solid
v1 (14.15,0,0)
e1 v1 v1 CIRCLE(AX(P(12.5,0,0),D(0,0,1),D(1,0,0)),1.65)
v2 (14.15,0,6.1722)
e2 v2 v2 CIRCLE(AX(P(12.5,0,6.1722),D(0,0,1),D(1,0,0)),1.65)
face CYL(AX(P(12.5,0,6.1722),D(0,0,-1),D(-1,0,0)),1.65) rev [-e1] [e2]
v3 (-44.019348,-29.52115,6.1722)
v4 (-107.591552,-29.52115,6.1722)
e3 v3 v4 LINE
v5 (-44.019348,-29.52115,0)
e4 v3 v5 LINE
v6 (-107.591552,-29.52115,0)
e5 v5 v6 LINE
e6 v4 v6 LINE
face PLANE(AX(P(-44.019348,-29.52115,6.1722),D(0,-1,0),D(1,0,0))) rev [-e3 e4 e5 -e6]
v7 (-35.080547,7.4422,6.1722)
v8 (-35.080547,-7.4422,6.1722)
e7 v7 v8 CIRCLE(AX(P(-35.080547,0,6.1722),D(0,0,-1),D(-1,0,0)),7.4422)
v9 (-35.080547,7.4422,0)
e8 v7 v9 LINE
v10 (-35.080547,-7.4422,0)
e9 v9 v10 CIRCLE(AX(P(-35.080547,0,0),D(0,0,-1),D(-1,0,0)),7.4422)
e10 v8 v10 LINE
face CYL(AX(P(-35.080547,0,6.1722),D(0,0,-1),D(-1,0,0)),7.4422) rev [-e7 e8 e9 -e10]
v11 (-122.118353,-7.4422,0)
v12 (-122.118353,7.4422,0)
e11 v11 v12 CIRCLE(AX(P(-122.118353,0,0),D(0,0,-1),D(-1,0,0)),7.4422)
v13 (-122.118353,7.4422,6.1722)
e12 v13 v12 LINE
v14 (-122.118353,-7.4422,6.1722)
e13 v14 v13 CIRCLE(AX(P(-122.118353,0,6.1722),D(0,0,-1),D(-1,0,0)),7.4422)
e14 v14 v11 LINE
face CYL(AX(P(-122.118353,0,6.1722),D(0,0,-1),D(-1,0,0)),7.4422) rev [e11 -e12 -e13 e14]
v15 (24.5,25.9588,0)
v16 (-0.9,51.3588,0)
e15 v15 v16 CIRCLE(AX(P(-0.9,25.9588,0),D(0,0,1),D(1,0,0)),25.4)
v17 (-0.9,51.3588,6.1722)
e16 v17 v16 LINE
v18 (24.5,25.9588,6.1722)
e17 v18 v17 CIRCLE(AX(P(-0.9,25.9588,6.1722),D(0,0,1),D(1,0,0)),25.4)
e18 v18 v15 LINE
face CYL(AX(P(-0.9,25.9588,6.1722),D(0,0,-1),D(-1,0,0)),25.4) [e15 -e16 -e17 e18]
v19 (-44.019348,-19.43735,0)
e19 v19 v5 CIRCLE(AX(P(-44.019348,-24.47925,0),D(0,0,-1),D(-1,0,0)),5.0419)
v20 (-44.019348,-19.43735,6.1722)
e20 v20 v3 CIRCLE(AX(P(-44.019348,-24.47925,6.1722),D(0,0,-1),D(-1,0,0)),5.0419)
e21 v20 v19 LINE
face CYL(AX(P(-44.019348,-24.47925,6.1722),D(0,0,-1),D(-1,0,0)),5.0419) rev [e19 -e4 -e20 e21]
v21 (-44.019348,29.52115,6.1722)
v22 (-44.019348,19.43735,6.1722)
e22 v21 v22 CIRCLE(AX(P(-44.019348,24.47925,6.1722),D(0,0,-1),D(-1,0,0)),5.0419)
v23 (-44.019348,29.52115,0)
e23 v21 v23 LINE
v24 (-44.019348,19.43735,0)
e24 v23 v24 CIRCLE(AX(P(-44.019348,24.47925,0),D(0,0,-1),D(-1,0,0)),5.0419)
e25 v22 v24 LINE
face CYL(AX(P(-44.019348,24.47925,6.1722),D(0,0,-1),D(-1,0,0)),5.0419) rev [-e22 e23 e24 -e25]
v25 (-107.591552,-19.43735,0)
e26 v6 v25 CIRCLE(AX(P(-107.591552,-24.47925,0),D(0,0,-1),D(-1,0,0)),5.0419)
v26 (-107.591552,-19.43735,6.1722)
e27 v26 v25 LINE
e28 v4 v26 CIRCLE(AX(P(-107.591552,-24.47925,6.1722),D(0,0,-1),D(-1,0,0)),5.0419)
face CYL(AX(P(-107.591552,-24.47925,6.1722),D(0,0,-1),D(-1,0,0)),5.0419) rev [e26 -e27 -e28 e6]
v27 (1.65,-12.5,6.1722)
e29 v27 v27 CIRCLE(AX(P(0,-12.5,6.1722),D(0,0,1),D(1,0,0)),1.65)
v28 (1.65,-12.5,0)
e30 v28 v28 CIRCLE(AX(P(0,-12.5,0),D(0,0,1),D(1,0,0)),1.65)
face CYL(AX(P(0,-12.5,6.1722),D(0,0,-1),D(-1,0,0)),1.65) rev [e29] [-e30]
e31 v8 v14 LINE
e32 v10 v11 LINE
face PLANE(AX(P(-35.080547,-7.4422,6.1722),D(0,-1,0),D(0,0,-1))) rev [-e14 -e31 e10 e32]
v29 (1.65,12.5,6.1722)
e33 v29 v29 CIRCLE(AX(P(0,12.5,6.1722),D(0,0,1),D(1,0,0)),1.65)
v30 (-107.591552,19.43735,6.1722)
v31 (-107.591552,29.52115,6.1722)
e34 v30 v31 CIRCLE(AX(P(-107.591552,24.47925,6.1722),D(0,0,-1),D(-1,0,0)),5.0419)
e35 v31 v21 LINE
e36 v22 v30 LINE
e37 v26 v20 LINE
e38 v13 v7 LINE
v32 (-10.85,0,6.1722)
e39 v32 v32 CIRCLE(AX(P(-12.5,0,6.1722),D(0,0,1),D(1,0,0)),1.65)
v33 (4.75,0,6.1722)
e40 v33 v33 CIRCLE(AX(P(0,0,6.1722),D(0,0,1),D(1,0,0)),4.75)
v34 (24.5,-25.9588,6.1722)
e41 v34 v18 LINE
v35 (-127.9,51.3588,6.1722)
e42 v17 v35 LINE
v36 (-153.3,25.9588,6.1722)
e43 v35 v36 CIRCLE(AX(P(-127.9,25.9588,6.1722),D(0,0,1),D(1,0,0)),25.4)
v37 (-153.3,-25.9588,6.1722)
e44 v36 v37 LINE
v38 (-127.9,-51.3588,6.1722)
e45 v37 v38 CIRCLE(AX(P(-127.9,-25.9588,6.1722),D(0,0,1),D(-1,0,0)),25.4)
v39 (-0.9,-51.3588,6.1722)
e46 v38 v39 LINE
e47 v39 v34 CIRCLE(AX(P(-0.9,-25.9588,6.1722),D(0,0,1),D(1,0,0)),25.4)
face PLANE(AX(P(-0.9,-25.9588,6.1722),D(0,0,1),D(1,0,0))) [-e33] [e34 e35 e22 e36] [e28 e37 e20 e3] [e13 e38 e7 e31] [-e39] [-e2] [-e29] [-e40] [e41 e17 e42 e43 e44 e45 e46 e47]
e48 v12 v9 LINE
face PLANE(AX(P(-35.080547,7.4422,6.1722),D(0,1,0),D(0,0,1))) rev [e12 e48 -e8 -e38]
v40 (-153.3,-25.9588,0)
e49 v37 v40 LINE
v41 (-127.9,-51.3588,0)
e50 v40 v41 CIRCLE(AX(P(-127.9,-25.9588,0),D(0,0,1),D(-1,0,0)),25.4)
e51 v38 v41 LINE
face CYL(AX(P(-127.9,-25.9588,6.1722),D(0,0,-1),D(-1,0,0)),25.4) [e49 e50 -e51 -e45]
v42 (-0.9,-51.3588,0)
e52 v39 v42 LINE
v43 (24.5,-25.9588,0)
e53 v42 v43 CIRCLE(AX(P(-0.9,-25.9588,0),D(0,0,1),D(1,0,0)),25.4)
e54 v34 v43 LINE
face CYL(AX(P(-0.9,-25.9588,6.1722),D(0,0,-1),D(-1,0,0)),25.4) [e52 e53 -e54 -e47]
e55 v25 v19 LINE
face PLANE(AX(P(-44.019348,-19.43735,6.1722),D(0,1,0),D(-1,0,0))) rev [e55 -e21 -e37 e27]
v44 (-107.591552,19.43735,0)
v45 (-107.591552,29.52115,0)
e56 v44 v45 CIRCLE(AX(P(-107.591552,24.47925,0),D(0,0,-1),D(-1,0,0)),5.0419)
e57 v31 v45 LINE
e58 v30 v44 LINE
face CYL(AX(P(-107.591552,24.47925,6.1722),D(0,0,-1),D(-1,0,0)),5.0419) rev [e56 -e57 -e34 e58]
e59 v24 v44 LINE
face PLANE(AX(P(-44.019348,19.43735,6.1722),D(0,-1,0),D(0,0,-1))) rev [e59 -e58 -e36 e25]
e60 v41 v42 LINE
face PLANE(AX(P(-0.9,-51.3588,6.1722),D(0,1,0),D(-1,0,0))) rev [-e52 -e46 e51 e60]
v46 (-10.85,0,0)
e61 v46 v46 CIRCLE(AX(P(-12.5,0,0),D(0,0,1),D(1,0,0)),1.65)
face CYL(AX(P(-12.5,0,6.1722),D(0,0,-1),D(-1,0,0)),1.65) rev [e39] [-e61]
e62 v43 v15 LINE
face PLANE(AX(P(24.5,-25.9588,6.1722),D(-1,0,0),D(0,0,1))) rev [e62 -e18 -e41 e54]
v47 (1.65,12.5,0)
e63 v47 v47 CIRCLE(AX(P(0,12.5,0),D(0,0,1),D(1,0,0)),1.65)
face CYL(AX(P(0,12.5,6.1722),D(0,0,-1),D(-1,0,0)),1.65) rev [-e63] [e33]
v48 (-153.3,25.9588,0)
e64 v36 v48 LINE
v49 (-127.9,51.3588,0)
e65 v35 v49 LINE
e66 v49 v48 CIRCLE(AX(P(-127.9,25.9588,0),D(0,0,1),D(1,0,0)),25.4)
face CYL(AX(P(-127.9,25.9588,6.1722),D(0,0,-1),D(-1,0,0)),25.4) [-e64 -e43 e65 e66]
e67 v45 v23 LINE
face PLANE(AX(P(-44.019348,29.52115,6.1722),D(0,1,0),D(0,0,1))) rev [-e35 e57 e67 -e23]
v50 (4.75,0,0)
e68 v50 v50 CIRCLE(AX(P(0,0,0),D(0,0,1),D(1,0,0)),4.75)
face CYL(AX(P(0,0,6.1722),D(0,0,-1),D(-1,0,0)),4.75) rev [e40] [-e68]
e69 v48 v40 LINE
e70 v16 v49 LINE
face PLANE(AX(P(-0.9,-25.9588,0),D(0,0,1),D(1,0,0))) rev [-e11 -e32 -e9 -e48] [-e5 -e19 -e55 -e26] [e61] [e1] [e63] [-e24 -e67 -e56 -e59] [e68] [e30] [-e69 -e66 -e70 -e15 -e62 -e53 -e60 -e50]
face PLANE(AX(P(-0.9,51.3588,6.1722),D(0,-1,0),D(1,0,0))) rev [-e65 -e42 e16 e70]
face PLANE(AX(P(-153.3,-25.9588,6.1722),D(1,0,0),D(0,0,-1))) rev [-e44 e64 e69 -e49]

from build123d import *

# Parameters (mm, degrees)
SKETCH1_R           = 1.65
SKETCH1_R_2         = 4.75
BOSS_EXTRUDE1_DEPTH = 6.1722
CUT_EXTRUDE1_DEPTH  = 162.792188904


with BuildPart() as part:
    # Sketch1 → Boss-Extrude1 (new body)
    with BuildSketch(Plane.XY):
        with BuildLine():
            Line((-0.9, -51.3588), (-127.9, -51.3588))
            ThreePointArc((-127.9, -51.3588), (-145.860512242, -43.919312242), (-153.3, -25.9588))
            Line((-153.3, -25.9588), (-153.3, 25.9588))
            ThreePointArc((-153.3, 25.9588), (-145.860512242, 43.919312242), (-127.9, 51.3588))
            Line((-127.9, 51.3588), (-0.9, 51.3588))
            ThreePointArc((-0.9, 51.3588), (17.060512242, 43.919312242), (24.5, 25.9588))
            Line((24.5, 25.9588), (24.5, -25.9588))
            ThreePointArc((24.5, -25.9588), (17.060512242, -43.919312242), (-0.9, -51.3588))
        make_face()
        with Locations((12.5, 0)):
            Circle(SKETCH1_R, mode=Mode.SUBTRACT)
        with Locations((0, -12.5)):
            Circle(SKETCH1_R, mode=Mode.SUBTRACT)
        with Locations((-12.5, 0)):
            Circle(SKETCH1_R, mode=Mode.SUBTRACT)
        with Locations((0, 12.5)):
            Circle(SKETCH1_R, mode=Mode.SUBTRACT)
        Circle(SKETCH1_R_2, mode=Mode.SUBTRACT)
    extrude(amount=BOSS_EXTRUDE1_DEPTH)

    # Sketch2 → Cut-Extrude1 (cut, through all)
    with BuildSketch(Plane(origin=(0, 0, 0), x_dir=(-1, 0, 0), z_dir=(0, 0, -1))):
        with BuildLine():
            Line((44.019348423, 29.52115), (107.591551577, 29.52115))
            ThreePointArc((107.591551577, 29.52115), (112.633451577, 24.47925), (107.591551577, 19.43735))
            Line((107.591551577, 19.43735), (44.019348423, 19.43735))
            ThreePointArc((44.019348423, 19.43735), (38.977448423, 24.47925), (44.019348423, 29.52115))
        make_face()
        with BuildLine():
            Line((44.019348423, -19.43735), (107.591551577, -19.43735))
            ThreePointArc((107.591551577, -19.43735), (112.633451577, -24.47925), (107.591551577, -29.52115))
            Line((107.591551577, -29.52115), (44.019348423, -29.52115))
            ThreePointArc((44.019348423, -29.52115), (38.977448423, -24.47925), (44.019348423, -19.43735))
        make_face()
        with BuildLine():
            Line((35.080546846, 7.4422), (122.118353154, 7.4422))
            ThreePointArc((122.118353154, 7.4422), (129.560553154, 0), (122.118353154, -7.4422))
            Line((122.118353154, -7.4422), (35.080546846, -7.4422))
            ThreePointArc((35.080546846, -7.4422), (27.638346846, 0), (35.080546846, 7.4422))
        make_face()
    extrude(amount=-CUT_EXTRUDE1_DEPTH, mode=Mode.SUBTRACT)


solid = part.part
